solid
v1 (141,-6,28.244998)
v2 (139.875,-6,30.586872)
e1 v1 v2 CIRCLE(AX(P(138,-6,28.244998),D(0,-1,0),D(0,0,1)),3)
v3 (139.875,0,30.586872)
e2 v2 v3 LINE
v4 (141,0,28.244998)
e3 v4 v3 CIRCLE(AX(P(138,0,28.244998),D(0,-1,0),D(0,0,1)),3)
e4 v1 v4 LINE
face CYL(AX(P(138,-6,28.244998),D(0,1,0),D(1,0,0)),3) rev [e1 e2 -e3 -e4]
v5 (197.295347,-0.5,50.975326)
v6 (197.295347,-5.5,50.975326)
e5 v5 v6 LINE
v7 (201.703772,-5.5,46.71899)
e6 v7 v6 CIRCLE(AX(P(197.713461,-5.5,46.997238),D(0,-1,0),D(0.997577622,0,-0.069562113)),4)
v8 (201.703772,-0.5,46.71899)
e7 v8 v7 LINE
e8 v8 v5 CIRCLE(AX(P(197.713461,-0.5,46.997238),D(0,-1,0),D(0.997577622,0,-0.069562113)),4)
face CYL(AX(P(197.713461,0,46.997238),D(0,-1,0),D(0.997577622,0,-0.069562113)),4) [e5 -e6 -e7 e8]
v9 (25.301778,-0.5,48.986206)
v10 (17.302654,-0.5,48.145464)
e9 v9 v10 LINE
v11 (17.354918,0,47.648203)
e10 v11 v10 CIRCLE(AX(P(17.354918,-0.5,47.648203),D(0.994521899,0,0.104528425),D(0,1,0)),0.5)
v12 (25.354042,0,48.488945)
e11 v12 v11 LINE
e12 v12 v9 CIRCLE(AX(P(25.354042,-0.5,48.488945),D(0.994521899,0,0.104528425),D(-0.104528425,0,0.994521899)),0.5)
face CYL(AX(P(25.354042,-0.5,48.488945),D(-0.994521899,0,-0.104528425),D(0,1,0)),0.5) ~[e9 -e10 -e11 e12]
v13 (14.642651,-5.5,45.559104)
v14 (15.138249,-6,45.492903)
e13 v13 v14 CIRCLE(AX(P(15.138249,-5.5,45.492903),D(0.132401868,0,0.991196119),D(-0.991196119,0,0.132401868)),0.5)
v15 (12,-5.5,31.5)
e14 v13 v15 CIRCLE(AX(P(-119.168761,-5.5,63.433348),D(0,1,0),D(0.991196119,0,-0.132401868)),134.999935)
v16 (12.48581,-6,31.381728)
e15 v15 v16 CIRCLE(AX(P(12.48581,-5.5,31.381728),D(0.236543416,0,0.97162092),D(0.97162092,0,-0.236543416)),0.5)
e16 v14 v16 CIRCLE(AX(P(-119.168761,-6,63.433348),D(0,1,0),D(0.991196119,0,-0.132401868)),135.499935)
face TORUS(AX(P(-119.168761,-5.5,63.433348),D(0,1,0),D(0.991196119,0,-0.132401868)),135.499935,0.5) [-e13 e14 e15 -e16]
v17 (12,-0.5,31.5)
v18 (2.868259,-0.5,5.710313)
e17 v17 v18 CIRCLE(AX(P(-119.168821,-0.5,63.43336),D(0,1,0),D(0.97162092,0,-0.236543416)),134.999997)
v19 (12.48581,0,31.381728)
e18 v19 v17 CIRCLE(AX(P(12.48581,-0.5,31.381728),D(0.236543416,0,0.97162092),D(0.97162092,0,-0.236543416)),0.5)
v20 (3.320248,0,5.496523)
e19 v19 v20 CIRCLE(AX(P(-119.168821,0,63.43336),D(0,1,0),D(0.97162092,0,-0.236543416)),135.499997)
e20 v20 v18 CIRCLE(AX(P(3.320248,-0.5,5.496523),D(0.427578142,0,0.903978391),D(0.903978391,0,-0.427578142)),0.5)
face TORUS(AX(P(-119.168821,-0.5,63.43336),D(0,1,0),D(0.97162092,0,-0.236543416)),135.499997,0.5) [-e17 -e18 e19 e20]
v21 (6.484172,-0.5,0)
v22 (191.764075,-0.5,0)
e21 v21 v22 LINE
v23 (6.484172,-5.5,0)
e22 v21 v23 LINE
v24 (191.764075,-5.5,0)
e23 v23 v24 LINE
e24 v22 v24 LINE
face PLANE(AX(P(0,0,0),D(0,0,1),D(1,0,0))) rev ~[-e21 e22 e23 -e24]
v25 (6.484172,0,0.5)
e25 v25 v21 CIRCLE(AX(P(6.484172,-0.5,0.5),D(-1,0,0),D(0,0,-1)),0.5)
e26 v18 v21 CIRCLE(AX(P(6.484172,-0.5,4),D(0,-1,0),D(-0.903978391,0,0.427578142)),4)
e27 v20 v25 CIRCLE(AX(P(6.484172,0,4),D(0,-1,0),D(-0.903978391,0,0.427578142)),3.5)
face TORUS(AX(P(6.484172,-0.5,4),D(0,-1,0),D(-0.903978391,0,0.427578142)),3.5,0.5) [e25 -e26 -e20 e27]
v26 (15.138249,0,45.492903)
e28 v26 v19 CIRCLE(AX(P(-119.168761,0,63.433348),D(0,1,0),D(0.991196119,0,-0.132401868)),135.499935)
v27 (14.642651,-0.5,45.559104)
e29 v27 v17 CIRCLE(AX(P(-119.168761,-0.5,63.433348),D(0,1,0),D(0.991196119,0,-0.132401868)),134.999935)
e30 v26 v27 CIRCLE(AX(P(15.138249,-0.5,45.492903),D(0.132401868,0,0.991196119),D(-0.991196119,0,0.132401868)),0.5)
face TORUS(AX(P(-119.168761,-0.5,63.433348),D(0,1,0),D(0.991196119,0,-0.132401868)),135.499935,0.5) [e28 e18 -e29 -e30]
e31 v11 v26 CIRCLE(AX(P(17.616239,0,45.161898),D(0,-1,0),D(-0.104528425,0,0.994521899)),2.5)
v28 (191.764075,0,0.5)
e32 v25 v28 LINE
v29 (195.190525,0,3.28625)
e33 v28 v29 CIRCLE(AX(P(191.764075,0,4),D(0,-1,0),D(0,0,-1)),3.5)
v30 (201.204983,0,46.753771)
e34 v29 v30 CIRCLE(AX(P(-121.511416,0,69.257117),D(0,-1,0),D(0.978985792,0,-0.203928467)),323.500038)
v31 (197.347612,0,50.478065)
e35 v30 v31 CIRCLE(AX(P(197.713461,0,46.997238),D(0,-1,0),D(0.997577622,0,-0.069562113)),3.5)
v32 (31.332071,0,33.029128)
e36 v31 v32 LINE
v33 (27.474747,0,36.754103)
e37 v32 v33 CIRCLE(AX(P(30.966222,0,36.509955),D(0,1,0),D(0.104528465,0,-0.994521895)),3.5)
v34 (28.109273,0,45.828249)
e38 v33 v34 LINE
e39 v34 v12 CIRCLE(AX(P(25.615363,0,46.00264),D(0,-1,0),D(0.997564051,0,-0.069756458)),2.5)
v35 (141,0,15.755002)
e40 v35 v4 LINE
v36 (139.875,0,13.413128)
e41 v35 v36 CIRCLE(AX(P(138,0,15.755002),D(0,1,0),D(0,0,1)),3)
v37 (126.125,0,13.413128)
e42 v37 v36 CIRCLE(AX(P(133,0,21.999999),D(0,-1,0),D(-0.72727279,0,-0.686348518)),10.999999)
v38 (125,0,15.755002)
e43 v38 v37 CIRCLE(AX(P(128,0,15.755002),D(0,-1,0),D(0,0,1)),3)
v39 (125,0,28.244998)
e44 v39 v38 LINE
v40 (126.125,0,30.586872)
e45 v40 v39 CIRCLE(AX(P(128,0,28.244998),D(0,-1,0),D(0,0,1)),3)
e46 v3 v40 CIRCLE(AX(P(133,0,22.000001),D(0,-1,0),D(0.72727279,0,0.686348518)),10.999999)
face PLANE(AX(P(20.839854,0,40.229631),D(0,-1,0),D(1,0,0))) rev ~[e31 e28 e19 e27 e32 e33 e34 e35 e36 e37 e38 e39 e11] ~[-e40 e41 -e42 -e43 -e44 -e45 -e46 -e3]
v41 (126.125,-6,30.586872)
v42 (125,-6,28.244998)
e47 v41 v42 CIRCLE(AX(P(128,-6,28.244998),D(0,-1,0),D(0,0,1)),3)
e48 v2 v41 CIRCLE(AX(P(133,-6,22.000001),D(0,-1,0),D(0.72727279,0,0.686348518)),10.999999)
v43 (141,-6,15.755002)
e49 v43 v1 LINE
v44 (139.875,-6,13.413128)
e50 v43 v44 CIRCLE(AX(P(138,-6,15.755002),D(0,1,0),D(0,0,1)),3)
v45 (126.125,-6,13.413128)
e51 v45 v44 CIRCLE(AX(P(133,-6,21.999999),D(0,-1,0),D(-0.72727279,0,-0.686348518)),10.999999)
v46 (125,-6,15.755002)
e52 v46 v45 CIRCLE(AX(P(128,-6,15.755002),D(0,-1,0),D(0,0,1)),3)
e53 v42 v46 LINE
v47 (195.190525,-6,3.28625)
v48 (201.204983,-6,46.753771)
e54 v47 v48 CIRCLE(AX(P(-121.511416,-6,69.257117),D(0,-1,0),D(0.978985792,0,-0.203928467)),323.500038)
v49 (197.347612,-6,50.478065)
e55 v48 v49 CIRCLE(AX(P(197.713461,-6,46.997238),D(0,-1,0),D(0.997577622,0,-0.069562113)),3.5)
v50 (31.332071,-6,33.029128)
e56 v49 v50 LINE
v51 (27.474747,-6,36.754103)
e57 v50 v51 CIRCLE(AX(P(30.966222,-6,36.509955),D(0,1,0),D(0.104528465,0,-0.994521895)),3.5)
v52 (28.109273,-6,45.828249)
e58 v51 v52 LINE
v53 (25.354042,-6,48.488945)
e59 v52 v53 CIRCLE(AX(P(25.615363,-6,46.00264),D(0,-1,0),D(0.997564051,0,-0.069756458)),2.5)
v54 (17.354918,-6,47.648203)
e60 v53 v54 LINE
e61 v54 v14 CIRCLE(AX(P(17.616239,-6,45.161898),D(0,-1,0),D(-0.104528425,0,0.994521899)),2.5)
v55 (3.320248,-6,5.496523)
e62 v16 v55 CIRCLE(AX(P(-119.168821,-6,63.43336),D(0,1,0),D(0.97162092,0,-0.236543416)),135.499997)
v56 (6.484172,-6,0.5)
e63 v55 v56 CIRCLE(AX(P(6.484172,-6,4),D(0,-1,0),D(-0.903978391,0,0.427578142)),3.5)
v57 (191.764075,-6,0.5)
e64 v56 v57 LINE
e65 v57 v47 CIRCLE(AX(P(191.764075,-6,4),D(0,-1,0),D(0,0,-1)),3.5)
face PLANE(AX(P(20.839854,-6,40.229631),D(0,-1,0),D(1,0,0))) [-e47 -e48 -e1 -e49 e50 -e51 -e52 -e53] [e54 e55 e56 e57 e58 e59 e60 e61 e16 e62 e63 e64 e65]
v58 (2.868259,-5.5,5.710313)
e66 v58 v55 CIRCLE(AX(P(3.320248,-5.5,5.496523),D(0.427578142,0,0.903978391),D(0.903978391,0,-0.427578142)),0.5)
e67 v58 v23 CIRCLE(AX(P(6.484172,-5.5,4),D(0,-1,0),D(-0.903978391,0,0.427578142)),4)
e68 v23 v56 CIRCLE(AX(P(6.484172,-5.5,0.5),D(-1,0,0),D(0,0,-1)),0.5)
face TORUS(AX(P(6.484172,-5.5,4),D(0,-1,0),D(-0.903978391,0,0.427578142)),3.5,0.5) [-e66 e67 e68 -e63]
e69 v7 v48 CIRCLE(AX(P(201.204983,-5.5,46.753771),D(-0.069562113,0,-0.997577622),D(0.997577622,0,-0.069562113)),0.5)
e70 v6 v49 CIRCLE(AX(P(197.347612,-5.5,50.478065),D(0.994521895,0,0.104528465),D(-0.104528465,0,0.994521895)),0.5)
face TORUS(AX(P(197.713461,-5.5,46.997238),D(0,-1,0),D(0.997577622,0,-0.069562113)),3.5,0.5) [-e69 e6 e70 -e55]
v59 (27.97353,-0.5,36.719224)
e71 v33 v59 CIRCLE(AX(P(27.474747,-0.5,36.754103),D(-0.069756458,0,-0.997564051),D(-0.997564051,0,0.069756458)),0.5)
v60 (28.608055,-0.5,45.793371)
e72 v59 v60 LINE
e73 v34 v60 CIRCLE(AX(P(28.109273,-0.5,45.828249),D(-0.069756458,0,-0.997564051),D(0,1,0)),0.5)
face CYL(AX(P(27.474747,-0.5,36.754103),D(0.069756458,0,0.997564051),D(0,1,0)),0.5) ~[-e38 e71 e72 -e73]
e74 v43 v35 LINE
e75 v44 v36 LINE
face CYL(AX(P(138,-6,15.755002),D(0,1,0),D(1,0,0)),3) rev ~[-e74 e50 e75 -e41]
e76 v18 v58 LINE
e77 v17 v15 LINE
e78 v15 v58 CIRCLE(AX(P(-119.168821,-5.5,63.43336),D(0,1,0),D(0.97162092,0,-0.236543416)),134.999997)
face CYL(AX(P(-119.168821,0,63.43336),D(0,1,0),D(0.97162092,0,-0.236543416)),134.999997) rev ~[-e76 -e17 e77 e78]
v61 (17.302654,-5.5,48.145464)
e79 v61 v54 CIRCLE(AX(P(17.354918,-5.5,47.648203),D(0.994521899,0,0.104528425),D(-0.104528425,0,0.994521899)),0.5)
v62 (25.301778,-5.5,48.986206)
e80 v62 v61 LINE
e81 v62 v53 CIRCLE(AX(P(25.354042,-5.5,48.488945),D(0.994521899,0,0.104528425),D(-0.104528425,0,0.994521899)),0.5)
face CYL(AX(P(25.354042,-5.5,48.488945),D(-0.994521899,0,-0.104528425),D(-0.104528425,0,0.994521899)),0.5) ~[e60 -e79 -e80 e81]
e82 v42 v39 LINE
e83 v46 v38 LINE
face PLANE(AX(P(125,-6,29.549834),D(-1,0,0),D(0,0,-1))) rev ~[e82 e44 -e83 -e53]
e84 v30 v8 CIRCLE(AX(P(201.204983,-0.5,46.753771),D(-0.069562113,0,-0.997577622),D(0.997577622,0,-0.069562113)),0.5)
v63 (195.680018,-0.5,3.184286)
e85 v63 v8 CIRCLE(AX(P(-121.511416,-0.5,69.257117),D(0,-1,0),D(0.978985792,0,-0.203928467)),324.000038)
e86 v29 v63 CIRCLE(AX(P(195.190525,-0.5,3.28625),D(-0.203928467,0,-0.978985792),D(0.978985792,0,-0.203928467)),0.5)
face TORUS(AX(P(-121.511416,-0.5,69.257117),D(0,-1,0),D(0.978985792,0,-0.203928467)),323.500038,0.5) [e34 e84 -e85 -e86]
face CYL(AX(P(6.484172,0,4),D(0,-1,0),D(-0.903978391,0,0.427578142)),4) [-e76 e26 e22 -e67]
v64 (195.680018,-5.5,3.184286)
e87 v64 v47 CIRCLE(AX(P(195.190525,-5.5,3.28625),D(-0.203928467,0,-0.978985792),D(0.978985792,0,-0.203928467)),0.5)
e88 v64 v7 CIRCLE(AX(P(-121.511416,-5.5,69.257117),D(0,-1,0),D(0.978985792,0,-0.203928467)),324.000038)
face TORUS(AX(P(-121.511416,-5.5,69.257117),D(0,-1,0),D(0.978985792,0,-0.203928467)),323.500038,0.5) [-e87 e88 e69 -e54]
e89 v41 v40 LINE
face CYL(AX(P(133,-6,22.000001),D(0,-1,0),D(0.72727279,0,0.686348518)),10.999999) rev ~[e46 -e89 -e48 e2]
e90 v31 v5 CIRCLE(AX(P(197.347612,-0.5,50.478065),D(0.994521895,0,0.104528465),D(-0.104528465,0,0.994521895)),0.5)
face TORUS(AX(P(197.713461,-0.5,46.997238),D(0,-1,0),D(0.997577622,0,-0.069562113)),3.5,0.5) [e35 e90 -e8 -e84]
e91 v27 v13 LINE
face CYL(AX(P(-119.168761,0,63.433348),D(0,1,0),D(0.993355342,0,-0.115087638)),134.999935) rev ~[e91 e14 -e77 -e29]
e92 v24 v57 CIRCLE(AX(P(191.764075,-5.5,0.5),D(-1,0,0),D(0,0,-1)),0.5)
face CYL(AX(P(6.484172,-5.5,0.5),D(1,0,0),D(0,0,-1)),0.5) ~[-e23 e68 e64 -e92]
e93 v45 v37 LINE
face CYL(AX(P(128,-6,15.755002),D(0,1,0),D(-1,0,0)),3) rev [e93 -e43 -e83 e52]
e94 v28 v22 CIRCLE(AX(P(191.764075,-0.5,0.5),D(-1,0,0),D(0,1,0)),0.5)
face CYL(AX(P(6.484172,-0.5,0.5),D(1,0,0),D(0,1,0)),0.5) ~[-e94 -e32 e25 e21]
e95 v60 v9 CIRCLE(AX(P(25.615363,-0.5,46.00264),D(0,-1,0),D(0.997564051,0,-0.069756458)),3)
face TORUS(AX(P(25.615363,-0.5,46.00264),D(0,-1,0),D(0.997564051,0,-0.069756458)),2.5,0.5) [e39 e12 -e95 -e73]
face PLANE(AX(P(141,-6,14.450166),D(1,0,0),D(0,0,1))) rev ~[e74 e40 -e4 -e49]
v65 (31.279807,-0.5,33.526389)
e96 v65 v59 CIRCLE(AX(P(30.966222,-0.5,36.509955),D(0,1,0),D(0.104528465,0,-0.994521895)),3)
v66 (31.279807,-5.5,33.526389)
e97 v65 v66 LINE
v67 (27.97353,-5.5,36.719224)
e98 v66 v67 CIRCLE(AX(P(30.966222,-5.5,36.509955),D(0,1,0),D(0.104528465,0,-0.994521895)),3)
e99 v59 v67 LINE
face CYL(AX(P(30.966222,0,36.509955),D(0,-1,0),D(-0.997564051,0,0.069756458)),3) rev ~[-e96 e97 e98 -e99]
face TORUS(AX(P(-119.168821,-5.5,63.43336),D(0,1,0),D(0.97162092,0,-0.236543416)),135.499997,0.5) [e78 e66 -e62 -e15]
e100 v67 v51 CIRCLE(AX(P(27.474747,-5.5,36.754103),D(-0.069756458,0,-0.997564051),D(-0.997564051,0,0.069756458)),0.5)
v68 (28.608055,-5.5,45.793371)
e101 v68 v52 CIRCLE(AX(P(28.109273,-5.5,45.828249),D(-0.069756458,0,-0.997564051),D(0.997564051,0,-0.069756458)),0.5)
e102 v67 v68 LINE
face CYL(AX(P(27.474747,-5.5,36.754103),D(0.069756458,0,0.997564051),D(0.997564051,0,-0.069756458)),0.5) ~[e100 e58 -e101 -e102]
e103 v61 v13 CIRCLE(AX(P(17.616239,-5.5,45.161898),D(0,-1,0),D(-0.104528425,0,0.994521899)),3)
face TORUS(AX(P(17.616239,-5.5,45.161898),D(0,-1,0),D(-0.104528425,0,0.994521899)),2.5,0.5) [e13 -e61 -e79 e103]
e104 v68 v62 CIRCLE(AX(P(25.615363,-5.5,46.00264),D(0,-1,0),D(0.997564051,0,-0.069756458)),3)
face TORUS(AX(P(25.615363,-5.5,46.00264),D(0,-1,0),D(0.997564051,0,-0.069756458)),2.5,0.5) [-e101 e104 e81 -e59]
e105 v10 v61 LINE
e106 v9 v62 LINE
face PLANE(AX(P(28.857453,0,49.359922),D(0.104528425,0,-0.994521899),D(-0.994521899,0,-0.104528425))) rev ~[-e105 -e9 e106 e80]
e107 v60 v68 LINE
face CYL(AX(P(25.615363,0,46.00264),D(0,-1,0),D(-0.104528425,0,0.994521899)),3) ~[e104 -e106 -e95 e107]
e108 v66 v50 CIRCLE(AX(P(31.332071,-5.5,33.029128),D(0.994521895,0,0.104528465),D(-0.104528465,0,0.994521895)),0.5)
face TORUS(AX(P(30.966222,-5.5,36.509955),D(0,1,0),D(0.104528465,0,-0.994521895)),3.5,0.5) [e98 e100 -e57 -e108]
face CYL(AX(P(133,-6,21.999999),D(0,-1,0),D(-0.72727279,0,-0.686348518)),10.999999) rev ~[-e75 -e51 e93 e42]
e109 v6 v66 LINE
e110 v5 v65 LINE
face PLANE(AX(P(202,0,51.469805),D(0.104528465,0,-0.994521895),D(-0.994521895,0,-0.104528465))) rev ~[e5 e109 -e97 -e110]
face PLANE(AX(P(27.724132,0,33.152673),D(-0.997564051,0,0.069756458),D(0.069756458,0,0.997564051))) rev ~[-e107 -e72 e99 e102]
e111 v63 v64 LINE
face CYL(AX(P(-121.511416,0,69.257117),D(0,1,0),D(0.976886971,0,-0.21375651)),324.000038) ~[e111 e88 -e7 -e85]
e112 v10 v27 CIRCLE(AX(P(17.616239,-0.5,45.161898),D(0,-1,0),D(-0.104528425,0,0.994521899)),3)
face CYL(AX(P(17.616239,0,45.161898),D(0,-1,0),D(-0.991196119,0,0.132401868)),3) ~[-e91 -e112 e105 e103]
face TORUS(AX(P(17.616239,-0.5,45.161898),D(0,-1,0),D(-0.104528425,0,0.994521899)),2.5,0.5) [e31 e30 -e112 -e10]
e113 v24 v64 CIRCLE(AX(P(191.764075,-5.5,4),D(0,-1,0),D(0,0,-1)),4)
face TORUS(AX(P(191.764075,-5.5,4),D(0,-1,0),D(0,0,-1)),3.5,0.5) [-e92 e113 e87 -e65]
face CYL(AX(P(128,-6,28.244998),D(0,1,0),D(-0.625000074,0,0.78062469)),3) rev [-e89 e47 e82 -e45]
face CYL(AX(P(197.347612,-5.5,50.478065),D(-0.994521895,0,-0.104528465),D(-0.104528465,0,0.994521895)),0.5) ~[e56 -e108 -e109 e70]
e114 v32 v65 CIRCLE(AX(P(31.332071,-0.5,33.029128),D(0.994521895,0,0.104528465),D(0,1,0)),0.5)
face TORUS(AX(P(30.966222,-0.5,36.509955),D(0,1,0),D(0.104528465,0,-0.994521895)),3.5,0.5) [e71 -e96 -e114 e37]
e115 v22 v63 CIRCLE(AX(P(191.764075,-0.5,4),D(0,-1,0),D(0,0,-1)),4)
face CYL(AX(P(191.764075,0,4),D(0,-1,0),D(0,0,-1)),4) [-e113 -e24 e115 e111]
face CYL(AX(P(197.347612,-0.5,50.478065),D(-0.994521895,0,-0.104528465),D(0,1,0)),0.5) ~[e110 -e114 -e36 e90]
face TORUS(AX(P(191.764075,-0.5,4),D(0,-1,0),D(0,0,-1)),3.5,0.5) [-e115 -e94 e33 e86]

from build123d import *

# Parameters (mm, degrees)
F1_DEPTH = 6
F2_R     = 4
F4_DEPTH = 6
F6_DEPTH = 6.001
F7_R     = 3
F8_R     = 0.5


with BuildPart() as f1:
    # F0 (on Front) → F1 (new body)
    with BuildSketch(Plane.XZ):
        with BuildLine():
            ThreePointArc((12, 31.5), (6.98702, 15.373992), (0, 0))
            Line((0, 0), (195, 0))
            ThreePointArc((195, 0), (199.533116, 25.594396), (202, 51.469805))
            Line((202, 51.469805), (12, 31.5))
        make_face()
    extrude(amount=F1_DEPTH)

    # F2
    f2_edges = [f1.edges().sort_by_distance(p)[0] for p in [
        (0, -3, 0),
        (195, -3, 0),
        (202, -3, 51.469805),
    ]]
    fillet(f2_edges, radius=F2_R)

    # F3 (on Front) → F4 (join)
    with BuildSketch(Plane.XZ):
        with BuildLine():
            ThreePointArc((14.934146, 47.896524), (13.7202, 39.652965), (12, 31.5))
            Line((12, 31.5), (27.724132, 33.152673))
            Line((27.724132, 33.152673), (28.857453, 49.359922))
            Line((28.857453, 49.359922), (14.934146, 47.896524))
        make_face()
    extrude(amount=F4_DEPTH)

    # F5 (on face) → F6 (cut, through all)
    with BuildSketch(Plane.XZ.offset(6)):
        with BuildLine():
            Line((141, 14.450166), (141, 29.549834))
            ThreePointArc((141, 29.549834), (133, 33), (125, 29.549834))
            Line((125, 29.549834), (125, 14.450166))
            ThreePointArc((125, 14.450166), (133, 11), (141, 14.450166))
        make_face()
    extrude(amount=-F6_DEPTH, mode=Mode.SUBTRACT)

    # F7
    f7_edges = [f1.edges().sort_by_distance(p)[0] for p in [
        (14.934146, -3, 47.896524),
        (28.857453, -3, 49.359922),
        (27.724132, -3, 33.152673),
        (125, -3, 14.450166),
        (125, -3, 29.549834),
        (141, -3, 29.549834),
        (141, -3, 14.450166),
    ]]
    fillet(f7_edges, radius=F7_R)

    # F8
    f8_edges = [f1.edges().sort_by_distance(p)[0] for p in [
        (10.297784, -6, 25.178986),
        (10.297784, 0, 25.178986),
    ]]
    fillet(f8_edges, radius=F8_R)


solid = f1.part
